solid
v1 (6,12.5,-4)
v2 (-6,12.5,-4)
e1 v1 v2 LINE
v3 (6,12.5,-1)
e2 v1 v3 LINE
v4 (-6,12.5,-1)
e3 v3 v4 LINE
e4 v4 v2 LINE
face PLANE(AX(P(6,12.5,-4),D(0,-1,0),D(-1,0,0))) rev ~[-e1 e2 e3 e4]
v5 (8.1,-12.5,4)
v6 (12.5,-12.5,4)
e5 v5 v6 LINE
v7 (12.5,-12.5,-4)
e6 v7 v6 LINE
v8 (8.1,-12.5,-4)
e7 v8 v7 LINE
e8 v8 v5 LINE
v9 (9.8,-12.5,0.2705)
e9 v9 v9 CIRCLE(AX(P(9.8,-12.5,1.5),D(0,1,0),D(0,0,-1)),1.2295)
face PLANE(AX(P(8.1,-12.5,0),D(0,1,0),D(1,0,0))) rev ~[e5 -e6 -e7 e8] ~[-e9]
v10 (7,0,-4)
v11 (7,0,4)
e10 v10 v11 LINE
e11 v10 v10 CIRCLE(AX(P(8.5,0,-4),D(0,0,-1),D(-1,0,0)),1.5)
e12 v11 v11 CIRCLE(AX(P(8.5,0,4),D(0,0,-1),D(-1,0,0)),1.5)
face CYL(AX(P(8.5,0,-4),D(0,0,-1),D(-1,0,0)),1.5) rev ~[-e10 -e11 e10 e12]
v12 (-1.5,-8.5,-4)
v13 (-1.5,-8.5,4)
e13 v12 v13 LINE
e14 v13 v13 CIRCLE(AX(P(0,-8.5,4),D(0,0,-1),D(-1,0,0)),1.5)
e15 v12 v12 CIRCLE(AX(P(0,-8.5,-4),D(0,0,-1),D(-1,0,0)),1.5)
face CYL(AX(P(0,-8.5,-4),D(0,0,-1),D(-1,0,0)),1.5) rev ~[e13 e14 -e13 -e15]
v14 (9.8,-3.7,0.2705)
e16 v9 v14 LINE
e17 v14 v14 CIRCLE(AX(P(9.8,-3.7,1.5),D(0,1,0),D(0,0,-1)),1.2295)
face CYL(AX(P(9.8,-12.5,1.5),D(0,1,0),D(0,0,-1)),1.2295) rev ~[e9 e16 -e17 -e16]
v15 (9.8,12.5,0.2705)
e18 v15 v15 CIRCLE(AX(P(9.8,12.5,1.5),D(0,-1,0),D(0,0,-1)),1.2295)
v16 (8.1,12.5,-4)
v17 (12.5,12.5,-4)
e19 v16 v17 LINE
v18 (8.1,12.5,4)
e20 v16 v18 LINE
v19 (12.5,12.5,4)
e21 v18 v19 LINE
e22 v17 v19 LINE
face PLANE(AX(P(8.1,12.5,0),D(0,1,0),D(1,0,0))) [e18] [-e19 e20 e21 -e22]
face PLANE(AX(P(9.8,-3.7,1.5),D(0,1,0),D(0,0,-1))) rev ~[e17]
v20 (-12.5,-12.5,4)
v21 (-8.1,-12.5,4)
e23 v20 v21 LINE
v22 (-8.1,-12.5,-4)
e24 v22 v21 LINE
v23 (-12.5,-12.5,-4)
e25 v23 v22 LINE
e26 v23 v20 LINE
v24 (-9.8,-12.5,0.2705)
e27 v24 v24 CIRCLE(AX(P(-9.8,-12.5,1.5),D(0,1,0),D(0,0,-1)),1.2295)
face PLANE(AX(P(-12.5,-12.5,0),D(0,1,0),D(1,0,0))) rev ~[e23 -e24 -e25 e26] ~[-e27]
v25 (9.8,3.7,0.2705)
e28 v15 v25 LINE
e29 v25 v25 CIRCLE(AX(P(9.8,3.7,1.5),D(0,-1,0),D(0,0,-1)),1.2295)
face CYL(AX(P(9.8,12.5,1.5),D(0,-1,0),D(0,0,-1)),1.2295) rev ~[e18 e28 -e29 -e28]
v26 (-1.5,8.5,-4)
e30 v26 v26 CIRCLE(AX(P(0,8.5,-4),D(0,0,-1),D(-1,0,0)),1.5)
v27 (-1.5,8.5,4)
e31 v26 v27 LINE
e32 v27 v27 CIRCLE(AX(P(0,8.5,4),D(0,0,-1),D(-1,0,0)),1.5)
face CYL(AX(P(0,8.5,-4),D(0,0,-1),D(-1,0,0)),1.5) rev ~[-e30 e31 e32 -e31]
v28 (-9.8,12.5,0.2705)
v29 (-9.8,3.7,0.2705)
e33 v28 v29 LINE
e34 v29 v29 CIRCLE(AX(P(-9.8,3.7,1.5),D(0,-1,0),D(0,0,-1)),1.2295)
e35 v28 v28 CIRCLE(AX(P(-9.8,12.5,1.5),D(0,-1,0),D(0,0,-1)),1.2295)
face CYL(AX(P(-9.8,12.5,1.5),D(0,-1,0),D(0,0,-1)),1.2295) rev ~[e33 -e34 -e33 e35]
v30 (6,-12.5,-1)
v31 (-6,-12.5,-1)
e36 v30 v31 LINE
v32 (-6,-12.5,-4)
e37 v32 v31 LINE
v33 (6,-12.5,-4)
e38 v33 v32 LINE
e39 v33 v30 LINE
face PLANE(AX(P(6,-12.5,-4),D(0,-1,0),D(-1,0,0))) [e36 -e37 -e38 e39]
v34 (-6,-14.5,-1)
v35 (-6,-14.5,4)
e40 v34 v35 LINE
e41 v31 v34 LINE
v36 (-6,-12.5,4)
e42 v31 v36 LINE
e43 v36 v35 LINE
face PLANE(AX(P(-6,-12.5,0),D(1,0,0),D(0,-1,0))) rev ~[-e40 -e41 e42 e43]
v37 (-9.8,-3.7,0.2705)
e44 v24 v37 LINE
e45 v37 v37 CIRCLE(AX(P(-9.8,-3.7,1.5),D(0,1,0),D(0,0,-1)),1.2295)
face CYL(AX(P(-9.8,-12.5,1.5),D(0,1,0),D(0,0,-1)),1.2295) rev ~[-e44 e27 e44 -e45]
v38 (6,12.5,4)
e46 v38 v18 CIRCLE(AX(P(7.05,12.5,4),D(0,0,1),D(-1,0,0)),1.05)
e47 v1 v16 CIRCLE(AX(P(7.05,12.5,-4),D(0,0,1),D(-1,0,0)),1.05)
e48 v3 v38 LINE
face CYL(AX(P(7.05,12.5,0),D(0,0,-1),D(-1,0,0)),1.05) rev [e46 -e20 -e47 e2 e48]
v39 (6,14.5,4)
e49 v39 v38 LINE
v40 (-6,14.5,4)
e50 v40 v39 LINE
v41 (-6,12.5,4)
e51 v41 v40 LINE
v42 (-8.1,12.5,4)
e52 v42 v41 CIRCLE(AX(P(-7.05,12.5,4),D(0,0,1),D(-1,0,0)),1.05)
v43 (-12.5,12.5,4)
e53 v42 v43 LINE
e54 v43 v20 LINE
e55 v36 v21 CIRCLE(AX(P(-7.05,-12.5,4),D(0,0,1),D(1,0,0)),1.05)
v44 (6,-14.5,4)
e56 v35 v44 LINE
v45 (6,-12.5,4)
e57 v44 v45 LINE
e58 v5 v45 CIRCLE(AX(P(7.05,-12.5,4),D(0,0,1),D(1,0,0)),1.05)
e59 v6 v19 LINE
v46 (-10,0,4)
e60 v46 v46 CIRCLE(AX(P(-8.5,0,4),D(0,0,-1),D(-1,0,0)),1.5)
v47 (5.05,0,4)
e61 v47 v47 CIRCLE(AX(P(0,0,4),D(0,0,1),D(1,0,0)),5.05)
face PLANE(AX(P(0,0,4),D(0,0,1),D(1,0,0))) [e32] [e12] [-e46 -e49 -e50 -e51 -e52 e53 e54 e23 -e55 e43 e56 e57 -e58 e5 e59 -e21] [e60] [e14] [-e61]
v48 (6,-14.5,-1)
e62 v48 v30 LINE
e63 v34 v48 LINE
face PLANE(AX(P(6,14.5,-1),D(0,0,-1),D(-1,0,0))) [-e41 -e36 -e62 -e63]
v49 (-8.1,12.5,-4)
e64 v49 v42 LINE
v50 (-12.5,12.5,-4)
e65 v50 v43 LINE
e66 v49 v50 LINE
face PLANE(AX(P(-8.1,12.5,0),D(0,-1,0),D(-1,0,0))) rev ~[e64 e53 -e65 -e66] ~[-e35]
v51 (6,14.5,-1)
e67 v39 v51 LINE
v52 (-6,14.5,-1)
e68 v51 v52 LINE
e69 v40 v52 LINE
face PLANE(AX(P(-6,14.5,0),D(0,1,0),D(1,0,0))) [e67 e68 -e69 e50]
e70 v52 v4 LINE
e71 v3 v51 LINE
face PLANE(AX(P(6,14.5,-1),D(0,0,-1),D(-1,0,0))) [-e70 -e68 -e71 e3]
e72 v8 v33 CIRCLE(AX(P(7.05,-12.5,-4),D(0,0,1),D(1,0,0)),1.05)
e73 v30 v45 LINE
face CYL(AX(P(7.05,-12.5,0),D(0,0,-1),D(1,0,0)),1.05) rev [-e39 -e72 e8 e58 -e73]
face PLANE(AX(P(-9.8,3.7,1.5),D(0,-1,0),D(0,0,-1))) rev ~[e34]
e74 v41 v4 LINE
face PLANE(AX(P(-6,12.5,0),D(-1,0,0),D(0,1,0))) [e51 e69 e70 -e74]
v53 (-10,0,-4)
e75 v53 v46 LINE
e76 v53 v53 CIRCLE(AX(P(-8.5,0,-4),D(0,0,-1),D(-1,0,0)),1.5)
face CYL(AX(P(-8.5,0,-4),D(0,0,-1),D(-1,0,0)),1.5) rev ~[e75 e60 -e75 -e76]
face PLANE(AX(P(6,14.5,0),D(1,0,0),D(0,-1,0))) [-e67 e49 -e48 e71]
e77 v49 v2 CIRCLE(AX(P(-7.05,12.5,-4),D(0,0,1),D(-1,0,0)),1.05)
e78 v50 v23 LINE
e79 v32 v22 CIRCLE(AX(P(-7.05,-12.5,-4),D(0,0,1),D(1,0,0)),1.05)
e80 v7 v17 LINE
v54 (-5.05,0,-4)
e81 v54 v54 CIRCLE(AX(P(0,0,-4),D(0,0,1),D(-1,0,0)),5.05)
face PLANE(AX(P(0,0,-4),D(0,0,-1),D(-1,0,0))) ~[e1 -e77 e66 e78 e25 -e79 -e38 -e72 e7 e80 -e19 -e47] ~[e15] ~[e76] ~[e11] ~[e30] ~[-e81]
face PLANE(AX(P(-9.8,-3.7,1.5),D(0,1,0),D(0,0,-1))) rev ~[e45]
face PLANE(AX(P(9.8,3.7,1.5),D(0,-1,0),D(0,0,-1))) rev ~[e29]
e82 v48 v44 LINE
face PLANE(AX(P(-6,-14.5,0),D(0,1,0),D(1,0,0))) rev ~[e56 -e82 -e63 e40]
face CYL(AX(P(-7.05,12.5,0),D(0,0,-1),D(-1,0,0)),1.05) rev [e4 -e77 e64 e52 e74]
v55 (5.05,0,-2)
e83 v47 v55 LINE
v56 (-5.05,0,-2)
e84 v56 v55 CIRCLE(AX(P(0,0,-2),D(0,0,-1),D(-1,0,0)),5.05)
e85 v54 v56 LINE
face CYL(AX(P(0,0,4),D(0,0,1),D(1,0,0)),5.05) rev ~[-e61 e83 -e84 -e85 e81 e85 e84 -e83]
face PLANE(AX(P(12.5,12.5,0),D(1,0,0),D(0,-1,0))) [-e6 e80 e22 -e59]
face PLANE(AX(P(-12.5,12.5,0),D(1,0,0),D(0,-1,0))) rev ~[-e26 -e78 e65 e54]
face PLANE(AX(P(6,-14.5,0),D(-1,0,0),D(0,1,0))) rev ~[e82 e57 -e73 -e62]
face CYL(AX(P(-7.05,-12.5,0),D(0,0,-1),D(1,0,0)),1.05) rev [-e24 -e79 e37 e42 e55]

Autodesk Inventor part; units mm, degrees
ref_plane "YZ Plane" through (0, 0, 0) normal (1, 0, 0) x (0, 1, 0)
ref_plane "XZ Plane" through (0, 0, 0) normal (0, 1, 0) x (-1, 0, 0)
ref_plane "XY Plane" through (0, 0, 0) normal (0, 0, 1) x (1, 0, 0)
sketch "スケッチ1" plane through (0, 0, 0) normal (0, 0, 1) x (1, 0, 0)
  line L0 (-12.5, -12.5) -> (12.5, -12.5) construction
  line L1 (12.5, -12.5) -> (12.5, 12.5) construction
  line L2 (12.5, 12.5) -> (-12.5, 12.5) construction
  line L3 (-12.5, 12.5) -> (-12.5, -12.5) construction
  line L4 (-12.5, -12.5) -> (12.5, 12.5) construction
  line L5 (12.5, -12.5) -> (-12.5, 12.5) construction
  line L6 (-8.1, 12.5) -> (-12.5, 12.5)
  line L7 (-12.5, 12.5) -> (-12.5, 8.1)
  line L8 (8.1, 12.5) -> (12.5, 12.5)
  line L9 (12.5, 12.5) -> (12.5, 8.1)
  line L10 (-12.5, -8.1) -> (-12.5, -12.5)
  line L11 (-12.5, -12.5) -> (-8.1, -12.5)
  line L12 (8.1, -12.5) -> (12.5, -12.5)
  line L13 (12.5, -12.5) -> (12.5, -8.1)
  line L14 (-6, 12.5) -> (-6, 14.5)
  line L15 (-6, 14.5) -> (6, 14.5)
  line L16 (6, 14.5) -> (6, 12.5)
  arc A0 (-8.1, 12.5) -> (-6, 12.5) centre (-7.05, 12.5) ccw
  arc A1 (6, 12.5) -> (8.1, 12.5) centre (7.05, 12.5) ccw
  line L17 (0, 12.5) -> (0, 0) construction
  line L18 (0, 0) -> (12.5, 0) construction
  line L19 (-12.5, 6) -> (-14.5, 6) construction
  line L20 (-14.5, 6) -> (-14.5, -6) construction
  line L21 (-14.5, -6) -> (-12.5, -6) construction
  arc A2 (-12.5, 6) -> (-12.5, 8.1) centre (-12.5, 7.05) ccw
  arc A3 (-12.5, -8.1) -> (-12.5, -6) centre (-12.5, -7.05) ccw construction
  line L22 (-6, -12.5) -> (-6, -14.5)
  line L23 (-6, -14.5) -> (6, -14.5)
  line L24 (6, -14.5) -> (6, -12.5)
  arc A4 (-6, -12.5) -> (-8.1, -12.5) centre (-7.05, -12.5) ccw
  arc A5 (8.1, -12.5) -> (6, -12.5) centre (7.05, -12.5) ccw
  line L25 (12.5, 6) -> (14.5, 6) construction
  line L26 (14.5, 6) -> (14.5, -6) construction
  line L27 (14.5, -6) -> (12.5, -6) construction
  arc A6 (12.5, 8.1) -> (12.5, 6) centre (12.5, 7.05) ccw construction
  arc A7 (12.5, -6) -> (12.5, -8.1) centre (12.5, -7.05) ccw construction
  line L28 (-9.05, 12.5) -> (-5.95, 12.5) construction
  line L29 (-5.95, 12.5) -> (-5.95, 9.5) construction
  line L30 (-5.95, 9.5) -> (-9.05, 9.5) construction
  line L31 (-9.05, 9.5) -> (-9.05, 12.5) construction
  line L32 (-12.5, 9.05) -> (-9.5, 9.05) construction
  line L33 (-9.5, 5.95) -> (-12.5, 5.95) construction
  line L34 (-12.5, 5.95) -> (-12.5, 9.05) construction
  line L35 (-7.5, 12.5) -> (-7.5, 9.5) construction
  line L36 (-9.5, 7.5) -> (-12.5, 7.5) construction
  line L37 (-12.5, -12.5) -> (-12.5, 12.5)
  line L38 (12.5, -12.5) -> (12.5, 12.5)
  dimension "d0" = 25
  dimension "d1" = 1.05
  dimension "d2" = 2
  dimension "d3" = 6.5
  dimension "d4" = 3.1
  dimension "d6" = 3
  dimension "d17" = 5
  dimension "d18" = 5
  dimension "d46" = 25
extrude "押し出し1" add sketch "スケッチ1" along normal blind 4
mirror "ミラー1" about plane through (0, 0, 0) normal (0, 0, -1) of "押し出し1"
sketch "スケッチ2" plane through (-12.5, -12.5, 4) normal (0, -1, 0) x (1, 0, 0)
  line L0 (6.5, 0) -> (18.5, 0) construction
  line L1 (12.5, 0) -> (12.5, -5) construction
  line L2 (0, -8) -> (0, 0) construction
  line L3 (0, -2.5) -> (22.3, -2.5) construction
  point P0 (12.5, -4)
  point P1 (2.7, -2.5)
  point P2 (0.0223, -2.5)
  dimension "d52" = 2.7
  dimension "d53" = 2.5
hole "穴1" at (-9.8, -12.5, 1.5) at (9.8, -12.5, 1.5) direction (0, 1, 0) diameter 2.459 depth 8.8 thread size "M3x0.5" class "6H" standard "ISO Metric profile"
pattern_circular "円形状パターン1" count 2 over 360 about axis through (0, 0, -10) along (0, 0, 1) of "穴1"
sketch "スケッチ4" plane through (-8.1, -12.5, -4) normal (0, 0, -1) x (-1, 0, 0)
  circle A0 centre (-8.1, 4) radius 1.5
  line L0 (-8.1, 4) -> (-8.1, 12.5) construction
  circle A1 centre (0.4, 12.5) radius 1.5
  circle A2 centre (-8.1, 21) radius 1.5
  circle A3 centre (-16.6, 12.5) radius 1.5
  dimension "d35" = 3
  dimension "d36" = 8.5
  dimension "d39" = 360
extrude "押し出し3" cut sketch "スケッチ4" against normal through all
sketch "スケッチ5" plane through (-8.1, -12.5, -4) normal (0, 0, -1) x (-1, 0, 0)
  circle A0 centre (-8.1, 12.5) radius 5.05
  dimension "d43" = 10.1
extrude "押し出し4" cut sketch "スケッチ5" against normal blind 2
sketch "スケッチ6" plane through (0, 0, 4) normal (0, 0, 1) x (1, 0, 0)
  circle A0 centre (8.5, 0) radius 1.5 construction
  circle A1 centre (0, 8.5) radius 1.5 construction
  circle A2 centre (-8.5, 0) radius 1.5 construction
  circle A3 centre (0, -8.5) radius 1.5 construction
  line L0 (0, -8.5) -> (0, 8.5) construction
  line L1 (8.5, 0) -> (-8.5, 0) construction
  circle A4 centre (0, 0) radius 5.05
  dimension "d47" = 10.1
extrude "押し出し5" cut sketch "スケッチ6" against normal up to surface (8 mm away)
sketch "スケッチ8" plane through (6, 14.5, -4) normal (0, 0, -1) x (-1, 0, 0)
  line L0 (0, -29) -> (0, -27) projected
  line L1 (12, -29) -> (0, -29) projected
  line L2 (12, -27) -> (12, -29) projected
  line L3 (0, 0) -> (12, 0) projected
  line L4 (0, -2) -> (0, 0) projected
  line L5 (12, 0) -> (12, -2) projected
  line L6 (0, -27) -> (12, -27)
  line L7 (0, -2) -> (12, -2)
  point P0 (6, -14.5)
extrude "押し出し6" cut sketch "スケッチ8" against normal blind 3
equation "\"d18\" = d17"
properties part number "頭_サーボホーンフレーム" material "アセタール樹脂、黒"
